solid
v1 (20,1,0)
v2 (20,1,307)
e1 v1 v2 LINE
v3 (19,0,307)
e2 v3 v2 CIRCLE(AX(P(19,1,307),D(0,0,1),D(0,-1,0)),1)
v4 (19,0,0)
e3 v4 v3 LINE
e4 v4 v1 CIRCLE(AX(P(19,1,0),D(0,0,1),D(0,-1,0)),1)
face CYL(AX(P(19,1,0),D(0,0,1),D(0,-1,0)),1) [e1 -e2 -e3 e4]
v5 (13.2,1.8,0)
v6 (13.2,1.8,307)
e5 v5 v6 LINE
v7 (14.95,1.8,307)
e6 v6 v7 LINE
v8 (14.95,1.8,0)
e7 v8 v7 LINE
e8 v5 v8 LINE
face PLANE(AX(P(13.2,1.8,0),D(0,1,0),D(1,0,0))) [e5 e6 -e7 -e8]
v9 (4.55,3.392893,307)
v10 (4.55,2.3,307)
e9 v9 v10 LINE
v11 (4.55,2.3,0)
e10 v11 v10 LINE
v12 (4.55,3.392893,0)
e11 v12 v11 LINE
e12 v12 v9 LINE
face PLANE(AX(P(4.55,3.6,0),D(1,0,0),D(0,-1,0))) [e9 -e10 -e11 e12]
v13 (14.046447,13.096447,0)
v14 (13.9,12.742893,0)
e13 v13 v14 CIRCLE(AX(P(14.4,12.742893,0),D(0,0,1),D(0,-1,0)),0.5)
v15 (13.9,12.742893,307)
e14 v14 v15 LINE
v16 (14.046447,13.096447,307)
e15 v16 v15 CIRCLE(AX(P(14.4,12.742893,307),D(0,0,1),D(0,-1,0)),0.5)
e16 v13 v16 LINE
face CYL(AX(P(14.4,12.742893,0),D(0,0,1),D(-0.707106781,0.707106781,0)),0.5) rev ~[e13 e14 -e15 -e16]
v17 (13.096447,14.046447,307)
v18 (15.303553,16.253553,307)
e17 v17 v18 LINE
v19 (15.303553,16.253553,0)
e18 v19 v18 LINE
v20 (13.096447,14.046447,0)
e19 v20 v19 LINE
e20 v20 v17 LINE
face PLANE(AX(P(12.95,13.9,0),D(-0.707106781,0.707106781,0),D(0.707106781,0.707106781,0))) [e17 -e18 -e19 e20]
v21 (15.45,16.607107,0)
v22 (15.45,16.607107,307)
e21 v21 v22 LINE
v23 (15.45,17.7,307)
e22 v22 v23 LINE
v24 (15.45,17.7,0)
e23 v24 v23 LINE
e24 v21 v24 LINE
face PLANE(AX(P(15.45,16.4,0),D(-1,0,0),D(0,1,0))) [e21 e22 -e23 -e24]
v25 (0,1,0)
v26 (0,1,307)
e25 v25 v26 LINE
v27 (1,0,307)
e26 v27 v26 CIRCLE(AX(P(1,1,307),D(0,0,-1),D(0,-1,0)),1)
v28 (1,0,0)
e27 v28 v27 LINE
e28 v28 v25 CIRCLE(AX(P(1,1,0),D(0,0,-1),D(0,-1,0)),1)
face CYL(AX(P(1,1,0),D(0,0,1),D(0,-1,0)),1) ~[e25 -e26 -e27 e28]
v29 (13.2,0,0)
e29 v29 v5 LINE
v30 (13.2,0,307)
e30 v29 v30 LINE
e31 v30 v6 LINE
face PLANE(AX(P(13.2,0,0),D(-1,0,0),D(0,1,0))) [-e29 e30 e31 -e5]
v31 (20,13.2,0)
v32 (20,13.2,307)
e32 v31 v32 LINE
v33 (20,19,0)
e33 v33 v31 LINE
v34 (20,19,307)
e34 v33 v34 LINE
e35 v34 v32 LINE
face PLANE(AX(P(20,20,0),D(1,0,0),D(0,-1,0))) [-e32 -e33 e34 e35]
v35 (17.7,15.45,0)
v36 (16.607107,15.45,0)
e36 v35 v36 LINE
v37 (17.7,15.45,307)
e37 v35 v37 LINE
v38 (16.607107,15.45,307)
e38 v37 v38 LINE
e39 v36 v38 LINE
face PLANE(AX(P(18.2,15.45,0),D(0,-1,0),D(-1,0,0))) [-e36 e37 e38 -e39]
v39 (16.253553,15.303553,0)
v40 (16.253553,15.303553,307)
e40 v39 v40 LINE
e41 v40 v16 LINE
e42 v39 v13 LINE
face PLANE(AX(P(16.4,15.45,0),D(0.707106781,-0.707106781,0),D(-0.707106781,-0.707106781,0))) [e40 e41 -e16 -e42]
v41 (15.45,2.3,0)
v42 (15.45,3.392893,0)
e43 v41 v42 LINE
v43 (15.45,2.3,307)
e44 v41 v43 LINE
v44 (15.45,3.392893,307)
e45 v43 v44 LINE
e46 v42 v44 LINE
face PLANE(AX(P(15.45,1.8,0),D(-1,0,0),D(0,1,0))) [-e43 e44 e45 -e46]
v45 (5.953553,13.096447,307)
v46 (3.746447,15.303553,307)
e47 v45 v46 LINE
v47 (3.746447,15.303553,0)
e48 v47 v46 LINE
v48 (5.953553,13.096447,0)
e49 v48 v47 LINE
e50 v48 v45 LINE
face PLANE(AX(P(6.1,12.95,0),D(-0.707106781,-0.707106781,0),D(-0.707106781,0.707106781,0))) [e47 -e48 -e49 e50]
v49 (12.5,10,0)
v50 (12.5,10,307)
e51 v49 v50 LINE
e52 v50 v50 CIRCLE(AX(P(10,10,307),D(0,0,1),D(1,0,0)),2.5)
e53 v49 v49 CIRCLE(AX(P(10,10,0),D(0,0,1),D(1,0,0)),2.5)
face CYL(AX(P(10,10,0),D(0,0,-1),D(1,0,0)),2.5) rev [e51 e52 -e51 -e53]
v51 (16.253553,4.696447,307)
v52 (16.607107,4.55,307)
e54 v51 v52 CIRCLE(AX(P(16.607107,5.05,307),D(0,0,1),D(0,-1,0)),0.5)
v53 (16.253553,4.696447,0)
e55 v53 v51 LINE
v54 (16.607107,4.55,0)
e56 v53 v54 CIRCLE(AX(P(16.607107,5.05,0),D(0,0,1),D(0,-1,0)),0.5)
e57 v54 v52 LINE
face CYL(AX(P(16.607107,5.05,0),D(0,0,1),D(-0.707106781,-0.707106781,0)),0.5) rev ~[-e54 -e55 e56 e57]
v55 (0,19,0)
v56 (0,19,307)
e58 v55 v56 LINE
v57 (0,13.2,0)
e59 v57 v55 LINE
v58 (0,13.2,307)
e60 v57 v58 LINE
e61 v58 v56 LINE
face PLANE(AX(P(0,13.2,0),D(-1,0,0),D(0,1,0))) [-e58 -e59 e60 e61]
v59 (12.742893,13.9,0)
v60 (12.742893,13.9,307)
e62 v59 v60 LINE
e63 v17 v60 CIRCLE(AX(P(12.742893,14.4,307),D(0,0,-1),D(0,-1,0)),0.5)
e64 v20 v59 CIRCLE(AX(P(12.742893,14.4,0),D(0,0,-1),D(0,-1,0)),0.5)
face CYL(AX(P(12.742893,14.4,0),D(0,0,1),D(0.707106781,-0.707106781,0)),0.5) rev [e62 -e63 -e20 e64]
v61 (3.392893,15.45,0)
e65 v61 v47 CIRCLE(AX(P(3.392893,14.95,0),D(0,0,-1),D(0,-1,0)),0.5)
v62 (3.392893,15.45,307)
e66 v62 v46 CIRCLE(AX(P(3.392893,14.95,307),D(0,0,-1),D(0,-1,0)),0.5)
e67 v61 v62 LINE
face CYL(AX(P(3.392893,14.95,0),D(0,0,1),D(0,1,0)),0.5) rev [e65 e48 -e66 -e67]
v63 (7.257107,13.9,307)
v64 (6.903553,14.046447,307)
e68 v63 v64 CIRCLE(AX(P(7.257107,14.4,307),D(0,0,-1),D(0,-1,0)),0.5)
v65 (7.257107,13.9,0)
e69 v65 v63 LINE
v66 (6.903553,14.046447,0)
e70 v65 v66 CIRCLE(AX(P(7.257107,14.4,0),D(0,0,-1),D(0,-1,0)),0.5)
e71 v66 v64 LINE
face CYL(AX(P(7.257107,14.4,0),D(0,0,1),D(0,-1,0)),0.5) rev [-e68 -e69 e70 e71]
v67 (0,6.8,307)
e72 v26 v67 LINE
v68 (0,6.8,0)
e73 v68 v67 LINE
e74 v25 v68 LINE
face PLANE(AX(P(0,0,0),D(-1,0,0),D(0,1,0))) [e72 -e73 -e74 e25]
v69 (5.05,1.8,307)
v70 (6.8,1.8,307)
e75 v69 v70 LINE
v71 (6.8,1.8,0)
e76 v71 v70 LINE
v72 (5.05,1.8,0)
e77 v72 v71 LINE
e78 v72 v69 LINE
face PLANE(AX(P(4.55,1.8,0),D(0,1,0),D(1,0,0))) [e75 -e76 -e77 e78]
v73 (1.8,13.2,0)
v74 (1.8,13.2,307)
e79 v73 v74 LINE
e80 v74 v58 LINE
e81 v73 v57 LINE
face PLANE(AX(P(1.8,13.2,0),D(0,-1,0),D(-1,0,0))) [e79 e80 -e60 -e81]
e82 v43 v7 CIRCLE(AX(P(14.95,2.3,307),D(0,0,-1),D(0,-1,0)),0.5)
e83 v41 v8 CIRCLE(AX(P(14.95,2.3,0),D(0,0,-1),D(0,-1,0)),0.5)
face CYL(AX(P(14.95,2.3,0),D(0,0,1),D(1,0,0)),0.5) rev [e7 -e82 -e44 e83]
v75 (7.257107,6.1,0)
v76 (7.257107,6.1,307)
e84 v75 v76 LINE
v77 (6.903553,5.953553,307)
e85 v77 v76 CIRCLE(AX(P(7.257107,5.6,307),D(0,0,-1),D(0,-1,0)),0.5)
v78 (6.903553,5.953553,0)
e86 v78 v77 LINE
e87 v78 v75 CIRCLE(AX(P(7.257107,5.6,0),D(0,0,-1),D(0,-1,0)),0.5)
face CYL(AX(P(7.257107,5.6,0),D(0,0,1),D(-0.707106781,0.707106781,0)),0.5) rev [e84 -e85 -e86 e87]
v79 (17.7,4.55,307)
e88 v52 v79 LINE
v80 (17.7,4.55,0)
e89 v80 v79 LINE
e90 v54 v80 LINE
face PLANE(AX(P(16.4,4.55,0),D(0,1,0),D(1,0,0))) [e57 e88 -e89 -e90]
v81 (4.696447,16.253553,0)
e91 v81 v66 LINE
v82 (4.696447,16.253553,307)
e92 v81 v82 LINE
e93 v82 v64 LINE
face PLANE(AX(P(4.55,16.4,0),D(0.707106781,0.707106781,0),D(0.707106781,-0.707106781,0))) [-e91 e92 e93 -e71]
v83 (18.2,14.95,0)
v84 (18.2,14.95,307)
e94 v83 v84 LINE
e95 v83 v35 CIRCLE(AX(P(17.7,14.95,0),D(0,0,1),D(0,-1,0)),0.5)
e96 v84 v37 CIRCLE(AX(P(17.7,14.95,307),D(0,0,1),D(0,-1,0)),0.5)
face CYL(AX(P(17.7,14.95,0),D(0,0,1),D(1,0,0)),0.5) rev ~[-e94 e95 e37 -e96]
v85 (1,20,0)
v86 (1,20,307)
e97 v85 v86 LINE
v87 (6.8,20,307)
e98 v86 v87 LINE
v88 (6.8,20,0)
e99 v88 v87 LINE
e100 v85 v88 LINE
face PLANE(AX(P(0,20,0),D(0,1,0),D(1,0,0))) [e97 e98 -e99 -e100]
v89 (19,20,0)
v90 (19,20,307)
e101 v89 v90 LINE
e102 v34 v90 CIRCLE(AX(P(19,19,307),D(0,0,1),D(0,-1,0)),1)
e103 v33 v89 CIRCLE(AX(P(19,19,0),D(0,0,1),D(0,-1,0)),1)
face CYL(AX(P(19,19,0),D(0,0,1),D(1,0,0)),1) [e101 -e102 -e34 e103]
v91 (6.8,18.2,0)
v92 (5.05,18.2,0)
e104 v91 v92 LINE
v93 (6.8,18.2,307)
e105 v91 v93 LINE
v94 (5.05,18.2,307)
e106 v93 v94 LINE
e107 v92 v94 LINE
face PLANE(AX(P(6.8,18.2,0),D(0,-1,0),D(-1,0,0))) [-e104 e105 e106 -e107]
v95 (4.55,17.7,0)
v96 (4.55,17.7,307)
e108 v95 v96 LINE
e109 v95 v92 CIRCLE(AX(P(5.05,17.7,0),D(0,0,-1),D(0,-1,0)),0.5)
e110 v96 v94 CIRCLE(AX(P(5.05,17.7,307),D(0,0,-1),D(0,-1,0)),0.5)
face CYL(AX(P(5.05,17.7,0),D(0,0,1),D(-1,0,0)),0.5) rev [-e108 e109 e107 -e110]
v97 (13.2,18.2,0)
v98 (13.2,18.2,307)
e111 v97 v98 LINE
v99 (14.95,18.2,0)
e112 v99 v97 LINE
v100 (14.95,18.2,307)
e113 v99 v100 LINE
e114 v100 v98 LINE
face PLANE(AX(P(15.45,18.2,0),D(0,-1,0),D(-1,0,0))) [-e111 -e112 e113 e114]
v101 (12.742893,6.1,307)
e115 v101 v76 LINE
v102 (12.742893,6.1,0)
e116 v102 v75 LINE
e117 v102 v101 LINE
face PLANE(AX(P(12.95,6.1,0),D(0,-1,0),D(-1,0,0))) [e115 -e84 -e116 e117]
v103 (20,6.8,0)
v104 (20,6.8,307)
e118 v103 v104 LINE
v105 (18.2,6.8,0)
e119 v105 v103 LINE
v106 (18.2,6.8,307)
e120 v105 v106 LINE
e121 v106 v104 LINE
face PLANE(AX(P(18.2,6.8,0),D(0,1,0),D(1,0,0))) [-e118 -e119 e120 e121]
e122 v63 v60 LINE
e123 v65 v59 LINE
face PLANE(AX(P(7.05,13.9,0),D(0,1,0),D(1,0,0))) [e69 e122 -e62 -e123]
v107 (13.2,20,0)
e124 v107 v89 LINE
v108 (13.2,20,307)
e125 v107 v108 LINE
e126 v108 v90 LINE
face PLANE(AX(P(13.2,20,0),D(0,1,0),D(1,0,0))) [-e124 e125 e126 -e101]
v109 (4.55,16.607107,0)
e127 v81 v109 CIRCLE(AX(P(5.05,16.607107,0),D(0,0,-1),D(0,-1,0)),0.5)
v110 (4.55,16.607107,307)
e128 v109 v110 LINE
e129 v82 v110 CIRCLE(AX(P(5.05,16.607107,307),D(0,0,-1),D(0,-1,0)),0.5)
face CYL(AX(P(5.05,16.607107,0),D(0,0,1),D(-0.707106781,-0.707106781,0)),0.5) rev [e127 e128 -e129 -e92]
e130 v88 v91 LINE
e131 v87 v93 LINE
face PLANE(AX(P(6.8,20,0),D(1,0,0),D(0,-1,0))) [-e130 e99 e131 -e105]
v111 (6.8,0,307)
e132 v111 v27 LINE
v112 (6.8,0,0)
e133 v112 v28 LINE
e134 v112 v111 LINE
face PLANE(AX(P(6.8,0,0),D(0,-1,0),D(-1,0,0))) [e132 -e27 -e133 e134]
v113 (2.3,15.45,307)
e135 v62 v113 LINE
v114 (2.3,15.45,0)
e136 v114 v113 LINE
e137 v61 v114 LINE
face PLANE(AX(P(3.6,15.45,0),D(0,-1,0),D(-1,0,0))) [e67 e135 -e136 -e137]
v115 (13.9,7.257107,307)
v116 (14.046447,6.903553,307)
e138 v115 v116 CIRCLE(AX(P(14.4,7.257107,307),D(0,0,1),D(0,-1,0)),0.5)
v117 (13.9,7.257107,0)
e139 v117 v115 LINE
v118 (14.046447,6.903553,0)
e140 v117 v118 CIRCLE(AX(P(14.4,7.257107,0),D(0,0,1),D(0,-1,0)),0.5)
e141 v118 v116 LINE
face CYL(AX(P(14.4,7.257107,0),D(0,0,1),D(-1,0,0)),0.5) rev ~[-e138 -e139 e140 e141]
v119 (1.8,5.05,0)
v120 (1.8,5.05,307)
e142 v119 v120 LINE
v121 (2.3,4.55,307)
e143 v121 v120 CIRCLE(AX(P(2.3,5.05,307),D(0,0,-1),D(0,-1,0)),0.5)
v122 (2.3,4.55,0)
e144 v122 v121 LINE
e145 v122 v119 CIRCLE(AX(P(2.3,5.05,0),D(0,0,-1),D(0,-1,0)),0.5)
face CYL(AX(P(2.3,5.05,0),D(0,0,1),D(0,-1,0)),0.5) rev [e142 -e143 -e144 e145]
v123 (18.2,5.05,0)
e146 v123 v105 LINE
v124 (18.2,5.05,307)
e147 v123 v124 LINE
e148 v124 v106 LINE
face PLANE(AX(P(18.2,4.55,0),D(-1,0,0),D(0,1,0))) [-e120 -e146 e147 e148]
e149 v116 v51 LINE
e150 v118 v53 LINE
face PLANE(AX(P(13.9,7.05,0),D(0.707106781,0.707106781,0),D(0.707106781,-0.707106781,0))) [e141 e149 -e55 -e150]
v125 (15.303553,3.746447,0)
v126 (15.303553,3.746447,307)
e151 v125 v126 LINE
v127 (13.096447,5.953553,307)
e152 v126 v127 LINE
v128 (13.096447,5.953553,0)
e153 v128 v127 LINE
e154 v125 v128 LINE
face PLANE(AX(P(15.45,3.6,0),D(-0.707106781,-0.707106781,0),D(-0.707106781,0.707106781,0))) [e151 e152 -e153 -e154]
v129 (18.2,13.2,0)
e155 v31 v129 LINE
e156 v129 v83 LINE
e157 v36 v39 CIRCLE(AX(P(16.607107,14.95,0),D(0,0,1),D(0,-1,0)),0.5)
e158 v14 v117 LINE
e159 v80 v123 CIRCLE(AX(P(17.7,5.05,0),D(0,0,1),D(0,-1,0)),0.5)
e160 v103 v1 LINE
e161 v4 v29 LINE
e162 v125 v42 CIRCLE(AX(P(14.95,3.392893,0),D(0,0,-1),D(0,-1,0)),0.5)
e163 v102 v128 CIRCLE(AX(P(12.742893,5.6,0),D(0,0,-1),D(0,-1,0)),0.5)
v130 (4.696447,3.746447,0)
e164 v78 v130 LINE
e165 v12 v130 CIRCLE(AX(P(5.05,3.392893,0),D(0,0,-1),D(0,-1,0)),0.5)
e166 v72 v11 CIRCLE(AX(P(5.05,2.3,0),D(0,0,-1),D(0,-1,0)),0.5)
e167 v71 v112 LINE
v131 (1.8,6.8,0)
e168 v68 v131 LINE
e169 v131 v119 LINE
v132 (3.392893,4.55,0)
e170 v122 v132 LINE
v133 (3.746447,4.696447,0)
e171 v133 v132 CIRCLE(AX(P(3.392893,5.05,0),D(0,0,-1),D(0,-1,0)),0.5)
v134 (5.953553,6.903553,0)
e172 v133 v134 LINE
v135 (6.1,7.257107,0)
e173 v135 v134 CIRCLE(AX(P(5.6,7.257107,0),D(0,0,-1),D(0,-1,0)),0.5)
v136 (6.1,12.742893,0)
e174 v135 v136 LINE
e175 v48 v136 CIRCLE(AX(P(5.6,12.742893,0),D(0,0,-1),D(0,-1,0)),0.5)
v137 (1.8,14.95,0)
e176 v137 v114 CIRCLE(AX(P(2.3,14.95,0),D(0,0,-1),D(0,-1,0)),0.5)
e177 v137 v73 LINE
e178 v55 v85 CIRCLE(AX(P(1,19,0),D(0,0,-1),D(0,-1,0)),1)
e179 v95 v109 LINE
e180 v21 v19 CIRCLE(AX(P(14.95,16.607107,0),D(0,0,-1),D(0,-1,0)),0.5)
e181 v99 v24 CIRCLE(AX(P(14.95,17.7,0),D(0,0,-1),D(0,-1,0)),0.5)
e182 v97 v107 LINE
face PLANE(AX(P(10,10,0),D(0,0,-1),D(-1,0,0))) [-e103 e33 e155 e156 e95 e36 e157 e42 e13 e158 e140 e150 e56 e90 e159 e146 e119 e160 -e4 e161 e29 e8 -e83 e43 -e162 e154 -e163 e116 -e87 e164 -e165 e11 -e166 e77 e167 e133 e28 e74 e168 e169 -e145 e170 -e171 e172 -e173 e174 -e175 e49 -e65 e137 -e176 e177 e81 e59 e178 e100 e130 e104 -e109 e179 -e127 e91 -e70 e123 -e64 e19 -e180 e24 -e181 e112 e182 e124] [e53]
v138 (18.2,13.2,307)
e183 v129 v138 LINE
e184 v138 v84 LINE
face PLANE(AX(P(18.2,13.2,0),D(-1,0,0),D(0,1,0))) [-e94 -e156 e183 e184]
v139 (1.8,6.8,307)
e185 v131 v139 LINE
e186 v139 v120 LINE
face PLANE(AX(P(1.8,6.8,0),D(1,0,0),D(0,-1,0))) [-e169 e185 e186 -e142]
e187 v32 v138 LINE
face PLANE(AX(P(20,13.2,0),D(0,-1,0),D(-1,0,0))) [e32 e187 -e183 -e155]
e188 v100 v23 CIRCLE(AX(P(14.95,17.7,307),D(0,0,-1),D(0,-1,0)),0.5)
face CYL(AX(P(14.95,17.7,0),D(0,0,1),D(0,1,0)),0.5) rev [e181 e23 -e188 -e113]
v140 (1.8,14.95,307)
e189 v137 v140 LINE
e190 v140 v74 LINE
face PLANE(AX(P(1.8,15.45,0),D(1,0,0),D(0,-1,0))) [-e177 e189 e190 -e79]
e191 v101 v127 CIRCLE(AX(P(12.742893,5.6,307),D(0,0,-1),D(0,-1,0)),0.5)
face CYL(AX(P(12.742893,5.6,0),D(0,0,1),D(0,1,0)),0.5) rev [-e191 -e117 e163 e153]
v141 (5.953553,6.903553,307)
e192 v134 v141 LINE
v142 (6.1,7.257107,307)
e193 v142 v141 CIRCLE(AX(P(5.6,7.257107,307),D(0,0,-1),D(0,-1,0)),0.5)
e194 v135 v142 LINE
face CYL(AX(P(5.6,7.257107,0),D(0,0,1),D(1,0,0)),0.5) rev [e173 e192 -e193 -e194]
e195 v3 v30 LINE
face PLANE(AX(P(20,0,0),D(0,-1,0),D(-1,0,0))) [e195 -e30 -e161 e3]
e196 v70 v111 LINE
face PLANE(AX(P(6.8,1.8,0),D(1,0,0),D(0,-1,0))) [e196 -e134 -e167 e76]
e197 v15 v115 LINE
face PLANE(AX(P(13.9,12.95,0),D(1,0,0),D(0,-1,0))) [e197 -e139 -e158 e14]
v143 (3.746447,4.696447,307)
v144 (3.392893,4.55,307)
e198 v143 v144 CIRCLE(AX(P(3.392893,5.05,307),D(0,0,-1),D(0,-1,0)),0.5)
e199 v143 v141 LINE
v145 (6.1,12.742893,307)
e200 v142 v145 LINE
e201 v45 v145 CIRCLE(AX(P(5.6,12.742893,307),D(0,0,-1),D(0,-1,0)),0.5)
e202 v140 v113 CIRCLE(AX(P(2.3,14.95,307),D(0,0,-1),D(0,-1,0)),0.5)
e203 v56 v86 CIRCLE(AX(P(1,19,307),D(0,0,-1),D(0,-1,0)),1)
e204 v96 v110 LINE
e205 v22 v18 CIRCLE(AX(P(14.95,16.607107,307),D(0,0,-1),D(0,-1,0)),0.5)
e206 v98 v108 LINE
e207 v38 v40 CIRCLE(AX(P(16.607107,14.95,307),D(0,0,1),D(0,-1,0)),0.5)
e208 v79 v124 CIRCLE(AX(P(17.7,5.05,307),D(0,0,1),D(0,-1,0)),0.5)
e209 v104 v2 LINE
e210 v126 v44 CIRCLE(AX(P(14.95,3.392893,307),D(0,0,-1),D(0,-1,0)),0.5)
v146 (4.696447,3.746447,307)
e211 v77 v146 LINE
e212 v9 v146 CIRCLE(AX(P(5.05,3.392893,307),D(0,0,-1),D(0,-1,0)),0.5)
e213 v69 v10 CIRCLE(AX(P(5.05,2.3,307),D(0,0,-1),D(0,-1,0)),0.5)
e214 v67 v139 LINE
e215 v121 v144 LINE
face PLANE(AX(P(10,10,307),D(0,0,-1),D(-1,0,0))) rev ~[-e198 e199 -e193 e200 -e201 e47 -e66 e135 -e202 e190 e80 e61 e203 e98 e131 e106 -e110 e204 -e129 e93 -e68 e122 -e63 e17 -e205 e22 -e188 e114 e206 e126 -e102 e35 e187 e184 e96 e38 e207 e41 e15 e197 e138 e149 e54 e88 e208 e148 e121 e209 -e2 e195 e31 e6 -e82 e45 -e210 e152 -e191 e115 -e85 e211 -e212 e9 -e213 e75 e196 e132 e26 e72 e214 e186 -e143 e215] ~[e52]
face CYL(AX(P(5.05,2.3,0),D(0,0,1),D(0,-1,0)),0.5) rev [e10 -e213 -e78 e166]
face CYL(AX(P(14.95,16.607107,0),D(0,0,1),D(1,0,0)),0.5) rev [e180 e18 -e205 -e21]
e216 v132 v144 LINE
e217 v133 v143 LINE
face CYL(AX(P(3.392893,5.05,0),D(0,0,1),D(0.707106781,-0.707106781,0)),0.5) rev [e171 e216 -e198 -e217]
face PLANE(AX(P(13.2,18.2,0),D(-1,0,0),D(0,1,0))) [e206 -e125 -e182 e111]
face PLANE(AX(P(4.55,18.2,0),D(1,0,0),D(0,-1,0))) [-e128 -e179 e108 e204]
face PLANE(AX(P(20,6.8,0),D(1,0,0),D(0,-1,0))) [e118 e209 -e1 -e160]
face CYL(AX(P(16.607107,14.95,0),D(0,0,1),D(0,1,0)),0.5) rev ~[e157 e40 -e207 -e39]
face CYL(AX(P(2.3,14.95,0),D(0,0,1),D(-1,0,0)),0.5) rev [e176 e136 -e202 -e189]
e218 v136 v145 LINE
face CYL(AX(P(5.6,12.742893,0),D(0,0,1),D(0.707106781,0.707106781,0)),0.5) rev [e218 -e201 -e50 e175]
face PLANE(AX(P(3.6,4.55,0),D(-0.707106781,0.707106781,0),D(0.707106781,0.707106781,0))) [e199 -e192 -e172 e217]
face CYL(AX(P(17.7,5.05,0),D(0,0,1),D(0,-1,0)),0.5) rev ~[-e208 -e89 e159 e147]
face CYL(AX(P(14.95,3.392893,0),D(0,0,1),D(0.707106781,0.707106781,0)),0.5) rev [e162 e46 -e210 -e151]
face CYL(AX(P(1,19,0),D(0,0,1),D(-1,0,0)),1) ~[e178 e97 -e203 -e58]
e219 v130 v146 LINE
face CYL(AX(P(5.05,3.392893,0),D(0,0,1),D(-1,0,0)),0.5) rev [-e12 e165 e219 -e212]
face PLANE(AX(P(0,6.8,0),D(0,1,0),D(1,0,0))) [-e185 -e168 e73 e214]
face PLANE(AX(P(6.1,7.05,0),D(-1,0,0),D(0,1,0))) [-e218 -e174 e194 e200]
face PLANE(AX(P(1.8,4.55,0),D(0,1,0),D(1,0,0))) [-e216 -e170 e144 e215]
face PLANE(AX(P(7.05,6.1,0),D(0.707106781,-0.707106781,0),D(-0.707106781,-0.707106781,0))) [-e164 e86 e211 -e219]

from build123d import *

# Parameters (mm, degrees)
SKETCH1_R           = 2.5
BOSS_EXTRUDE1_DEPTH = 307
FILLET1_R           = 1
FILLET2_R           = 0.5
FILLET3_R           = 0.5
FILLET4_R           = 0.5
FILLET5_R           = 0.5


with BuildPart() as part:
    # Sketch1 → Boss-Extrude1 (new body)
    with BuildSketch(Plane.XY):
        Polygon((13.2, 0), (13.2, 1.8), (15.45, 1.8), (15.45, 3.6), (12.95, 6.1), (7.05, 6.1), (4.55, 3.6), (4.55, 1.8), (6.8, 1.8), (6.8, 0), (0, 0), (0, 6.8), (1.8, 6.8), (1.8, 4.55), (3.6, 4.55), (6.1, 7.05), (6.1, 12.95), (3.6, 15.45), (1.8, 15.45), (1.8, 13.2), (0, 13.2), (0, 20), (6.8, 20), (6.8, 18.2), (4.55, 18.2), (4.55, 16.4), (7.05, 13.9), (12.95, 13.9), (15.45, 16.4), (15.45, 18.2), (13.2, 18.2), (13.2, 20), (20, 20), (20, 13.2), (18.2, 13.2), (18.2, 15.45), (16.4, 15.45), (13.9, 12.95), (13.9, 7.05), (16.4, 4.55), (18.2, 4.55), (18.2, 6.8), (20, 6.8), (20, 0), align=None)
        with Locations((10, 10)):
            Circle(SKETCH1_R, mode=Mode.SUBTRACT)
    extrude(amount=BOSS_EXTRUDE1_DEPTH)

    # Fillet1
    fillet1_edges = [part.edges().sort_by_distance(p)[0] for p in [
        (0, 0, 153.5),
        (0, 20, 153.5),
        (20, 20, 153.5),
        (20, 0, 153.5),
    ]]
    fillet(fillet1_edges, radius=FILLET1_R)

    # Fillet2
    fillet2_edges = [part.edges().sort_by_distance(p)[0] for p in [
        (4.55, 18.2, 153.5),
        (4.55, 16.4, 153.5),
        (7.05, 13.9, 153.5),
        (12.95, 13.9, 153.5),
        (15.45, 16.4, 153.5),
        (15.45, 18.2, 153.5),
    ]]
    fillet(fillet2_edges, radius=FILLET2_R)

    # Fillet3
    fillet3_edges = [part.edges().sort_by_distance(p)[0] for p in [
        (18.2, 15.45, 153.5),
        (16.4, 15.45, 153.5),
        (13.9, 12.95, 153.5),
        (13.9, 7.05, 153.5),
        (16.4, 4.55, 153.5),
        (18.2, 4.55, 153.5),
    ]]
    fillet(fillet3_edges, radius=FILLET3_R)

    # Fillet4
    fillet4_edges = [part.edges().sort_by_distance(p)[0] for p in [
        (1.8, 4.55, 153.5),
        (3.6, 4.55, 153.5),
        (6.1, 7.05, 153.5),
        (6.1, 12.95, 153.5),
        (3.6, 15.45, 153.5),
        (1.8, 15.45, 153.5),
    ]]
    fillet(fillet4_edges, radius=FILLET4_R)

    # Fillet5
    fillet5_edges = [part.edges().sort_by_distance(p)[0] for p in [
        (15.45, 1.8, 153.5),
        (15.45, 3.6, 153.5),
        (12.95, 6.1, 153.5),
        (7.05, 6.1, 153.5),
        (4.55, 3.6, 153.5),
        (4.55, 1.8, 153.5),
    ]]
    fillet(fillet5_edges, radius=FILLET5_R)


solid = part.part
